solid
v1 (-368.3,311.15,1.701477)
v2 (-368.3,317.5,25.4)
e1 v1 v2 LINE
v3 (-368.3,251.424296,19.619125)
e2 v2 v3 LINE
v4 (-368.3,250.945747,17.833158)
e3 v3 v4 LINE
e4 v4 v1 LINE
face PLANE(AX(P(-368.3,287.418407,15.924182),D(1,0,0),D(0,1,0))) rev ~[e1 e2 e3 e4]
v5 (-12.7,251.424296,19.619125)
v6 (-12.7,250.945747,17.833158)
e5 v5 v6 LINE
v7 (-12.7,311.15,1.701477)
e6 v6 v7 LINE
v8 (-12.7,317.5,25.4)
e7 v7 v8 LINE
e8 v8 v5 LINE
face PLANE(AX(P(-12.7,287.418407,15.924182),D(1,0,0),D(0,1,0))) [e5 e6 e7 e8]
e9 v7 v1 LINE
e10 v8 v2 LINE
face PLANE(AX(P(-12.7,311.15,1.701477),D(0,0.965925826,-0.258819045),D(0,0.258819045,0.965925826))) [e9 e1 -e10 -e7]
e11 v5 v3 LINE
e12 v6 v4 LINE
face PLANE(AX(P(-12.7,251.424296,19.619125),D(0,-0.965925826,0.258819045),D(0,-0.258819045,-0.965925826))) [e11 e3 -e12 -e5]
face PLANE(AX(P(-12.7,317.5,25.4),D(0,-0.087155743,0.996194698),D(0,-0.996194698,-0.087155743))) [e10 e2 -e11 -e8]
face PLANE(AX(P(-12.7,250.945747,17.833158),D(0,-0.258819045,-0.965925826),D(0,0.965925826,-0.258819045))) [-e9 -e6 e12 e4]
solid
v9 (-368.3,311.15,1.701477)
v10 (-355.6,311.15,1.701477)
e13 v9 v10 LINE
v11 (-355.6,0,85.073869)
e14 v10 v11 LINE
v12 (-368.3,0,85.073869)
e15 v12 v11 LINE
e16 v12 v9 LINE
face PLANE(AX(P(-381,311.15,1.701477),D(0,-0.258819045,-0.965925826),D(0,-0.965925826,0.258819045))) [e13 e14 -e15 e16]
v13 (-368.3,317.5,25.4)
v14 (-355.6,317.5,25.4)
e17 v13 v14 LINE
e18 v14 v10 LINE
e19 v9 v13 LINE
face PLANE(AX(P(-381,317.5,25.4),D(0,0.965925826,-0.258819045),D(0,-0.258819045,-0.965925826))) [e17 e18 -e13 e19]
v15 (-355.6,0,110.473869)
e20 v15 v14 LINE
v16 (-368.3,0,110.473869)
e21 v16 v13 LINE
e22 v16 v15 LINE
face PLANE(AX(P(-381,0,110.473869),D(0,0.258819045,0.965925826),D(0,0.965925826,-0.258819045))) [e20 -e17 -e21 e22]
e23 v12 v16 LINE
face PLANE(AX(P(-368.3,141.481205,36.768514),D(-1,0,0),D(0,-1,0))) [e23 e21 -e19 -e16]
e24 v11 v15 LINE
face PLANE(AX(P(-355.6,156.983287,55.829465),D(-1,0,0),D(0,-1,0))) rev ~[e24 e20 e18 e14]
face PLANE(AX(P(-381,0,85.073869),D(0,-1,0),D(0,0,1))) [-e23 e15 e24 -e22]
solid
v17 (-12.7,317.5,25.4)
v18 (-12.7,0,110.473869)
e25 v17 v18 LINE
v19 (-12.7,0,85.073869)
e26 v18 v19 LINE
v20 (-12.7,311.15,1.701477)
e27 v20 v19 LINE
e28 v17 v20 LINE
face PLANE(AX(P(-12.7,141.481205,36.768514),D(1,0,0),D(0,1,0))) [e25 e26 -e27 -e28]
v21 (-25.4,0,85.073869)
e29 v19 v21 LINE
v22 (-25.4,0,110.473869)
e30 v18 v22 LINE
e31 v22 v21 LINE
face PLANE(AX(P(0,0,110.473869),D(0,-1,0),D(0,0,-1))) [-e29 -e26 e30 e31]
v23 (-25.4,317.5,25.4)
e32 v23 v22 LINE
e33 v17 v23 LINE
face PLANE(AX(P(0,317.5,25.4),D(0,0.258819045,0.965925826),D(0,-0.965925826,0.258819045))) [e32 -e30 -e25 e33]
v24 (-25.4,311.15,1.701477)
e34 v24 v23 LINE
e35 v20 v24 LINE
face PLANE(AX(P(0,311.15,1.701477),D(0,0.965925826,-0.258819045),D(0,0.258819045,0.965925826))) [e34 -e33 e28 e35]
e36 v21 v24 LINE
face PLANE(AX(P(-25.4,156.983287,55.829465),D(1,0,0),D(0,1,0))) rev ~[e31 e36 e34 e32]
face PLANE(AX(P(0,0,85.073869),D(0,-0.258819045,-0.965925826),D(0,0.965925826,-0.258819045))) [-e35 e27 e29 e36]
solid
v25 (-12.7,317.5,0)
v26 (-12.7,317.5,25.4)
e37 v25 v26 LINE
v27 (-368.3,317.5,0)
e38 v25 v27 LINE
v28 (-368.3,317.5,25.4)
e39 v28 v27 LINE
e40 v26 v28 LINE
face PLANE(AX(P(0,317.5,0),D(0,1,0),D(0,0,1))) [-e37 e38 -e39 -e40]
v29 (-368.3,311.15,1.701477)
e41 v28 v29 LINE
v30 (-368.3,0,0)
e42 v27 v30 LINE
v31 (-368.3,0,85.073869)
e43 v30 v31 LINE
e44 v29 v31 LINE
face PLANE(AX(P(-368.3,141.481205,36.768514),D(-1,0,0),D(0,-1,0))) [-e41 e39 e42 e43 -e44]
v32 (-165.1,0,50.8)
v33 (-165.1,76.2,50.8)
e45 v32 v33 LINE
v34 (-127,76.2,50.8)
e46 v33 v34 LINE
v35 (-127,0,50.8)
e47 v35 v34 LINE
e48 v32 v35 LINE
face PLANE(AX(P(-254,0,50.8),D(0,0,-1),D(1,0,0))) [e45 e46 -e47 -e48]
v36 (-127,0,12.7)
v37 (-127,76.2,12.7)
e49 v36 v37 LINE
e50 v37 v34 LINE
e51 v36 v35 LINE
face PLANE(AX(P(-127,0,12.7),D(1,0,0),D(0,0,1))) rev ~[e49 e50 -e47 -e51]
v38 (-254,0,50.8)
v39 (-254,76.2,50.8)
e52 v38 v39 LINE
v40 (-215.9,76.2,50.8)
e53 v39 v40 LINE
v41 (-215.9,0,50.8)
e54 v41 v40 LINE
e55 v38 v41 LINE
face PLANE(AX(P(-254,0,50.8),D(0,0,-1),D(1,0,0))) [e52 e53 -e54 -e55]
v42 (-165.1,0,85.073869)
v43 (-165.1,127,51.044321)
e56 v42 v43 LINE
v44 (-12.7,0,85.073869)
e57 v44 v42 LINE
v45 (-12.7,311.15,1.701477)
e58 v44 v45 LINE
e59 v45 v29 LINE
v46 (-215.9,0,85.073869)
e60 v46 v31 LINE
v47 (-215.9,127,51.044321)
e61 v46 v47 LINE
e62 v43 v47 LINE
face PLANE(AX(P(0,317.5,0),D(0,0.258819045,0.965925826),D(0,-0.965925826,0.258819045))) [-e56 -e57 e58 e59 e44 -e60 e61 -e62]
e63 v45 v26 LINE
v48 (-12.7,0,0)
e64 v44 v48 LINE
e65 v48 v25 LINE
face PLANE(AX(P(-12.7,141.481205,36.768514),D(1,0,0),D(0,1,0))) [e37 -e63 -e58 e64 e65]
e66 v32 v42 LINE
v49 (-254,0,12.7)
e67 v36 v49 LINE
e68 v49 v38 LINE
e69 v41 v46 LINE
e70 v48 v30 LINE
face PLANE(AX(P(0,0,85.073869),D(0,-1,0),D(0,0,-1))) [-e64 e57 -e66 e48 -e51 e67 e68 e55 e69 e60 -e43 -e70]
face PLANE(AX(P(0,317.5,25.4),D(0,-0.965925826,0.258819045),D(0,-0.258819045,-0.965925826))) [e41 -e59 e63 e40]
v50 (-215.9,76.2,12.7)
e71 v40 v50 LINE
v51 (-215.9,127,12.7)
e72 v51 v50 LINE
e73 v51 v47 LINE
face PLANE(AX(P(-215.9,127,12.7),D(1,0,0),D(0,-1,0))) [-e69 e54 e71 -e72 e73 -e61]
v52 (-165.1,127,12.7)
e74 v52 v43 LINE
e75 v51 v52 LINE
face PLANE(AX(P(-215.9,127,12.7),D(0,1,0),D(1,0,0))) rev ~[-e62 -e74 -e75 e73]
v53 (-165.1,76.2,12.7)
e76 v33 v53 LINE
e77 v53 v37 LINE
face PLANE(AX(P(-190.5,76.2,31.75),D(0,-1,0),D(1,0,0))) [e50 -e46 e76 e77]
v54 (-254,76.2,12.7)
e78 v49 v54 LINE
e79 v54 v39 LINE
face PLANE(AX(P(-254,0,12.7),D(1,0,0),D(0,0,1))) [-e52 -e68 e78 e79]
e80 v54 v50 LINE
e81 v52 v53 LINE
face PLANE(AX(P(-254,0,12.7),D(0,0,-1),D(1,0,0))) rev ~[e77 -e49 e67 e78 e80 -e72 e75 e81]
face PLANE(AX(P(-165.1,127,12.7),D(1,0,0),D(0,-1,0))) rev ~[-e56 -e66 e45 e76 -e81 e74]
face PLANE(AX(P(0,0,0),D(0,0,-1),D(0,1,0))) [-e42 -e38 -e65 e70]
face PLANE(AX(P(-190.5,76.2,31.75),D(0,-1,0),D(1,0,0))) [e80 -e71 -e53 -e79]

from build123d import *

# Parameters (mm, degrees)
F1_DEPTH  = 381
F3_START  = -12.7
F2_W      = 50.8
F2_H      = 127
F3_DEPTH  = 72.3748685969
F4_W      = 127
F4_H      = 38.1
F5_DEPTH  = 76.2
F7_DEPTH  = 381
F9_DEPTH  = 25.4
F11_DEPTH = 25.4
F13_DEPTH = 12.7
F15_DEPTH = 12.7
F17_DEPTH = 355.6


with BuildPart() as f1:
    # F0 (on Right) → F1 (new body)
    with BuildSketch(Plane.YZ):
        Polygon((0, 85.0738685969), (0, 0), (317.5, 0), align=None)
    extrude(amount=-F1_DEPTH)

    # F2 (on face) → F3 (cut)
    with BuildSketch(Plane(origin=(0, 0, 0), x_dir=(1, 0, 0), z_dir=(0, 0, -1)).offset(F3_START)):
        with Locations((-190.5, -63.5)):
            Rectangle(F2_W, F2_H)
    extrude(amount=-F3_DEPTH, mode=Mode.SUBTRACT)

    # F4 (on face) → F5 (cut)
    with BuildSketch(Plane.XZ):
        with Locations((-190.5, 31.75)):
            Rectangle(F4_W, F4_H)
    extrude(amount=-F5_DEPTH, mode=Mode.SUBTRACT)

    # F6 (on face) → F7 (join)
    with BuildSketch(Plane.YZ):
        Polygon((311.15, 1.7014773719), (317.5, 0), (317.5, 25.4), align=None)
    extrude(amount=-F7_DEPTH)


with BuildPart() as f9:
    # F8 (on face) → F9 (new body)
    with BuildSketch(Plane.YZ):
        Polygon((311.15, 1.7014773719), (317.5, 25.4), (0, 110.4738685969), (0, 85.0738685969), align=None)
    extrude(amount=-F9_DEPTH)


with BuildPart() as f11:
    # F10 (on face) → F11 (new body)
    with BuildSketch(Plane(origin=(-381, 0, 0), x_dir=(0, -1, 0), z_dir=(-1, 0, 0))):
        Polygon((0, 110.4738685969), (-317.5, 25.4), (-311.15, 1.7014773719), (0, 85.0738685969), align=None)
    extrude(amount=-F11_DEPTH)


with BuildPart() as f13_tool:
    # F12 (on face) → F13 (new body)
    with BuildSketch(Plane(origin=(-381, 0, 0), x_dir=(0, -1, 0), z_dir=(-1, 0, 0))):
        Polygon((-317.5, 25.4), (-317.5, 0), (0, 0), (0, 110.4738685969), align=None)
    extrude(amount=-F13_DEPTH)


with BuildPart() as f1_1:
    add(f1.part)

    # F13: cut by f13_tool
    add(f13_tool.part, mode=Mode.SUBTRACT)


with BuildPart() as f11_1:
    add(f11.part)

    # F13: cut by f13_tool
    add(f13_tool.part, mode=Mode.SUBTRACT)


with BuildPart() as f15_tool:
    # F14 (on face) → F15 (new body)
    with BuildSketch(Plane.YZ):
        Polygon((0, 0), (317.5, 0), (317.5, 25.4), (0, 110.4738685969), align=None)
    extrude(amount=-F15_DEPTH)


with BuildPart() as f1_2:
    add(f1_1.part)

    # F15: cut by f15_tool
    add(f15_tool.part, mode=Mode.SUBTRACT)


with BuildPart() as f9_1:
    add(f9.part)

    # F15: cut by f15_tool
    add(f15_tool.part, mode=Mode.SUBTRACT)


with BuildPart() as f17:
    # F16 (on face) → F17 (new body)
    with BuildSketch(Plane.YZ.offset(-12.7)):
        Polygon((311.15, 1.7014773719), (317.5, 25.4), (251.4242957392, 19.6191249427), (250.9457474025, 17.8331582364), align=None)
    extrude(amount=-F17_DEPTH)


solid = Compound([f11_1.part, f1_2.part, f9_1.part, f17.part])
